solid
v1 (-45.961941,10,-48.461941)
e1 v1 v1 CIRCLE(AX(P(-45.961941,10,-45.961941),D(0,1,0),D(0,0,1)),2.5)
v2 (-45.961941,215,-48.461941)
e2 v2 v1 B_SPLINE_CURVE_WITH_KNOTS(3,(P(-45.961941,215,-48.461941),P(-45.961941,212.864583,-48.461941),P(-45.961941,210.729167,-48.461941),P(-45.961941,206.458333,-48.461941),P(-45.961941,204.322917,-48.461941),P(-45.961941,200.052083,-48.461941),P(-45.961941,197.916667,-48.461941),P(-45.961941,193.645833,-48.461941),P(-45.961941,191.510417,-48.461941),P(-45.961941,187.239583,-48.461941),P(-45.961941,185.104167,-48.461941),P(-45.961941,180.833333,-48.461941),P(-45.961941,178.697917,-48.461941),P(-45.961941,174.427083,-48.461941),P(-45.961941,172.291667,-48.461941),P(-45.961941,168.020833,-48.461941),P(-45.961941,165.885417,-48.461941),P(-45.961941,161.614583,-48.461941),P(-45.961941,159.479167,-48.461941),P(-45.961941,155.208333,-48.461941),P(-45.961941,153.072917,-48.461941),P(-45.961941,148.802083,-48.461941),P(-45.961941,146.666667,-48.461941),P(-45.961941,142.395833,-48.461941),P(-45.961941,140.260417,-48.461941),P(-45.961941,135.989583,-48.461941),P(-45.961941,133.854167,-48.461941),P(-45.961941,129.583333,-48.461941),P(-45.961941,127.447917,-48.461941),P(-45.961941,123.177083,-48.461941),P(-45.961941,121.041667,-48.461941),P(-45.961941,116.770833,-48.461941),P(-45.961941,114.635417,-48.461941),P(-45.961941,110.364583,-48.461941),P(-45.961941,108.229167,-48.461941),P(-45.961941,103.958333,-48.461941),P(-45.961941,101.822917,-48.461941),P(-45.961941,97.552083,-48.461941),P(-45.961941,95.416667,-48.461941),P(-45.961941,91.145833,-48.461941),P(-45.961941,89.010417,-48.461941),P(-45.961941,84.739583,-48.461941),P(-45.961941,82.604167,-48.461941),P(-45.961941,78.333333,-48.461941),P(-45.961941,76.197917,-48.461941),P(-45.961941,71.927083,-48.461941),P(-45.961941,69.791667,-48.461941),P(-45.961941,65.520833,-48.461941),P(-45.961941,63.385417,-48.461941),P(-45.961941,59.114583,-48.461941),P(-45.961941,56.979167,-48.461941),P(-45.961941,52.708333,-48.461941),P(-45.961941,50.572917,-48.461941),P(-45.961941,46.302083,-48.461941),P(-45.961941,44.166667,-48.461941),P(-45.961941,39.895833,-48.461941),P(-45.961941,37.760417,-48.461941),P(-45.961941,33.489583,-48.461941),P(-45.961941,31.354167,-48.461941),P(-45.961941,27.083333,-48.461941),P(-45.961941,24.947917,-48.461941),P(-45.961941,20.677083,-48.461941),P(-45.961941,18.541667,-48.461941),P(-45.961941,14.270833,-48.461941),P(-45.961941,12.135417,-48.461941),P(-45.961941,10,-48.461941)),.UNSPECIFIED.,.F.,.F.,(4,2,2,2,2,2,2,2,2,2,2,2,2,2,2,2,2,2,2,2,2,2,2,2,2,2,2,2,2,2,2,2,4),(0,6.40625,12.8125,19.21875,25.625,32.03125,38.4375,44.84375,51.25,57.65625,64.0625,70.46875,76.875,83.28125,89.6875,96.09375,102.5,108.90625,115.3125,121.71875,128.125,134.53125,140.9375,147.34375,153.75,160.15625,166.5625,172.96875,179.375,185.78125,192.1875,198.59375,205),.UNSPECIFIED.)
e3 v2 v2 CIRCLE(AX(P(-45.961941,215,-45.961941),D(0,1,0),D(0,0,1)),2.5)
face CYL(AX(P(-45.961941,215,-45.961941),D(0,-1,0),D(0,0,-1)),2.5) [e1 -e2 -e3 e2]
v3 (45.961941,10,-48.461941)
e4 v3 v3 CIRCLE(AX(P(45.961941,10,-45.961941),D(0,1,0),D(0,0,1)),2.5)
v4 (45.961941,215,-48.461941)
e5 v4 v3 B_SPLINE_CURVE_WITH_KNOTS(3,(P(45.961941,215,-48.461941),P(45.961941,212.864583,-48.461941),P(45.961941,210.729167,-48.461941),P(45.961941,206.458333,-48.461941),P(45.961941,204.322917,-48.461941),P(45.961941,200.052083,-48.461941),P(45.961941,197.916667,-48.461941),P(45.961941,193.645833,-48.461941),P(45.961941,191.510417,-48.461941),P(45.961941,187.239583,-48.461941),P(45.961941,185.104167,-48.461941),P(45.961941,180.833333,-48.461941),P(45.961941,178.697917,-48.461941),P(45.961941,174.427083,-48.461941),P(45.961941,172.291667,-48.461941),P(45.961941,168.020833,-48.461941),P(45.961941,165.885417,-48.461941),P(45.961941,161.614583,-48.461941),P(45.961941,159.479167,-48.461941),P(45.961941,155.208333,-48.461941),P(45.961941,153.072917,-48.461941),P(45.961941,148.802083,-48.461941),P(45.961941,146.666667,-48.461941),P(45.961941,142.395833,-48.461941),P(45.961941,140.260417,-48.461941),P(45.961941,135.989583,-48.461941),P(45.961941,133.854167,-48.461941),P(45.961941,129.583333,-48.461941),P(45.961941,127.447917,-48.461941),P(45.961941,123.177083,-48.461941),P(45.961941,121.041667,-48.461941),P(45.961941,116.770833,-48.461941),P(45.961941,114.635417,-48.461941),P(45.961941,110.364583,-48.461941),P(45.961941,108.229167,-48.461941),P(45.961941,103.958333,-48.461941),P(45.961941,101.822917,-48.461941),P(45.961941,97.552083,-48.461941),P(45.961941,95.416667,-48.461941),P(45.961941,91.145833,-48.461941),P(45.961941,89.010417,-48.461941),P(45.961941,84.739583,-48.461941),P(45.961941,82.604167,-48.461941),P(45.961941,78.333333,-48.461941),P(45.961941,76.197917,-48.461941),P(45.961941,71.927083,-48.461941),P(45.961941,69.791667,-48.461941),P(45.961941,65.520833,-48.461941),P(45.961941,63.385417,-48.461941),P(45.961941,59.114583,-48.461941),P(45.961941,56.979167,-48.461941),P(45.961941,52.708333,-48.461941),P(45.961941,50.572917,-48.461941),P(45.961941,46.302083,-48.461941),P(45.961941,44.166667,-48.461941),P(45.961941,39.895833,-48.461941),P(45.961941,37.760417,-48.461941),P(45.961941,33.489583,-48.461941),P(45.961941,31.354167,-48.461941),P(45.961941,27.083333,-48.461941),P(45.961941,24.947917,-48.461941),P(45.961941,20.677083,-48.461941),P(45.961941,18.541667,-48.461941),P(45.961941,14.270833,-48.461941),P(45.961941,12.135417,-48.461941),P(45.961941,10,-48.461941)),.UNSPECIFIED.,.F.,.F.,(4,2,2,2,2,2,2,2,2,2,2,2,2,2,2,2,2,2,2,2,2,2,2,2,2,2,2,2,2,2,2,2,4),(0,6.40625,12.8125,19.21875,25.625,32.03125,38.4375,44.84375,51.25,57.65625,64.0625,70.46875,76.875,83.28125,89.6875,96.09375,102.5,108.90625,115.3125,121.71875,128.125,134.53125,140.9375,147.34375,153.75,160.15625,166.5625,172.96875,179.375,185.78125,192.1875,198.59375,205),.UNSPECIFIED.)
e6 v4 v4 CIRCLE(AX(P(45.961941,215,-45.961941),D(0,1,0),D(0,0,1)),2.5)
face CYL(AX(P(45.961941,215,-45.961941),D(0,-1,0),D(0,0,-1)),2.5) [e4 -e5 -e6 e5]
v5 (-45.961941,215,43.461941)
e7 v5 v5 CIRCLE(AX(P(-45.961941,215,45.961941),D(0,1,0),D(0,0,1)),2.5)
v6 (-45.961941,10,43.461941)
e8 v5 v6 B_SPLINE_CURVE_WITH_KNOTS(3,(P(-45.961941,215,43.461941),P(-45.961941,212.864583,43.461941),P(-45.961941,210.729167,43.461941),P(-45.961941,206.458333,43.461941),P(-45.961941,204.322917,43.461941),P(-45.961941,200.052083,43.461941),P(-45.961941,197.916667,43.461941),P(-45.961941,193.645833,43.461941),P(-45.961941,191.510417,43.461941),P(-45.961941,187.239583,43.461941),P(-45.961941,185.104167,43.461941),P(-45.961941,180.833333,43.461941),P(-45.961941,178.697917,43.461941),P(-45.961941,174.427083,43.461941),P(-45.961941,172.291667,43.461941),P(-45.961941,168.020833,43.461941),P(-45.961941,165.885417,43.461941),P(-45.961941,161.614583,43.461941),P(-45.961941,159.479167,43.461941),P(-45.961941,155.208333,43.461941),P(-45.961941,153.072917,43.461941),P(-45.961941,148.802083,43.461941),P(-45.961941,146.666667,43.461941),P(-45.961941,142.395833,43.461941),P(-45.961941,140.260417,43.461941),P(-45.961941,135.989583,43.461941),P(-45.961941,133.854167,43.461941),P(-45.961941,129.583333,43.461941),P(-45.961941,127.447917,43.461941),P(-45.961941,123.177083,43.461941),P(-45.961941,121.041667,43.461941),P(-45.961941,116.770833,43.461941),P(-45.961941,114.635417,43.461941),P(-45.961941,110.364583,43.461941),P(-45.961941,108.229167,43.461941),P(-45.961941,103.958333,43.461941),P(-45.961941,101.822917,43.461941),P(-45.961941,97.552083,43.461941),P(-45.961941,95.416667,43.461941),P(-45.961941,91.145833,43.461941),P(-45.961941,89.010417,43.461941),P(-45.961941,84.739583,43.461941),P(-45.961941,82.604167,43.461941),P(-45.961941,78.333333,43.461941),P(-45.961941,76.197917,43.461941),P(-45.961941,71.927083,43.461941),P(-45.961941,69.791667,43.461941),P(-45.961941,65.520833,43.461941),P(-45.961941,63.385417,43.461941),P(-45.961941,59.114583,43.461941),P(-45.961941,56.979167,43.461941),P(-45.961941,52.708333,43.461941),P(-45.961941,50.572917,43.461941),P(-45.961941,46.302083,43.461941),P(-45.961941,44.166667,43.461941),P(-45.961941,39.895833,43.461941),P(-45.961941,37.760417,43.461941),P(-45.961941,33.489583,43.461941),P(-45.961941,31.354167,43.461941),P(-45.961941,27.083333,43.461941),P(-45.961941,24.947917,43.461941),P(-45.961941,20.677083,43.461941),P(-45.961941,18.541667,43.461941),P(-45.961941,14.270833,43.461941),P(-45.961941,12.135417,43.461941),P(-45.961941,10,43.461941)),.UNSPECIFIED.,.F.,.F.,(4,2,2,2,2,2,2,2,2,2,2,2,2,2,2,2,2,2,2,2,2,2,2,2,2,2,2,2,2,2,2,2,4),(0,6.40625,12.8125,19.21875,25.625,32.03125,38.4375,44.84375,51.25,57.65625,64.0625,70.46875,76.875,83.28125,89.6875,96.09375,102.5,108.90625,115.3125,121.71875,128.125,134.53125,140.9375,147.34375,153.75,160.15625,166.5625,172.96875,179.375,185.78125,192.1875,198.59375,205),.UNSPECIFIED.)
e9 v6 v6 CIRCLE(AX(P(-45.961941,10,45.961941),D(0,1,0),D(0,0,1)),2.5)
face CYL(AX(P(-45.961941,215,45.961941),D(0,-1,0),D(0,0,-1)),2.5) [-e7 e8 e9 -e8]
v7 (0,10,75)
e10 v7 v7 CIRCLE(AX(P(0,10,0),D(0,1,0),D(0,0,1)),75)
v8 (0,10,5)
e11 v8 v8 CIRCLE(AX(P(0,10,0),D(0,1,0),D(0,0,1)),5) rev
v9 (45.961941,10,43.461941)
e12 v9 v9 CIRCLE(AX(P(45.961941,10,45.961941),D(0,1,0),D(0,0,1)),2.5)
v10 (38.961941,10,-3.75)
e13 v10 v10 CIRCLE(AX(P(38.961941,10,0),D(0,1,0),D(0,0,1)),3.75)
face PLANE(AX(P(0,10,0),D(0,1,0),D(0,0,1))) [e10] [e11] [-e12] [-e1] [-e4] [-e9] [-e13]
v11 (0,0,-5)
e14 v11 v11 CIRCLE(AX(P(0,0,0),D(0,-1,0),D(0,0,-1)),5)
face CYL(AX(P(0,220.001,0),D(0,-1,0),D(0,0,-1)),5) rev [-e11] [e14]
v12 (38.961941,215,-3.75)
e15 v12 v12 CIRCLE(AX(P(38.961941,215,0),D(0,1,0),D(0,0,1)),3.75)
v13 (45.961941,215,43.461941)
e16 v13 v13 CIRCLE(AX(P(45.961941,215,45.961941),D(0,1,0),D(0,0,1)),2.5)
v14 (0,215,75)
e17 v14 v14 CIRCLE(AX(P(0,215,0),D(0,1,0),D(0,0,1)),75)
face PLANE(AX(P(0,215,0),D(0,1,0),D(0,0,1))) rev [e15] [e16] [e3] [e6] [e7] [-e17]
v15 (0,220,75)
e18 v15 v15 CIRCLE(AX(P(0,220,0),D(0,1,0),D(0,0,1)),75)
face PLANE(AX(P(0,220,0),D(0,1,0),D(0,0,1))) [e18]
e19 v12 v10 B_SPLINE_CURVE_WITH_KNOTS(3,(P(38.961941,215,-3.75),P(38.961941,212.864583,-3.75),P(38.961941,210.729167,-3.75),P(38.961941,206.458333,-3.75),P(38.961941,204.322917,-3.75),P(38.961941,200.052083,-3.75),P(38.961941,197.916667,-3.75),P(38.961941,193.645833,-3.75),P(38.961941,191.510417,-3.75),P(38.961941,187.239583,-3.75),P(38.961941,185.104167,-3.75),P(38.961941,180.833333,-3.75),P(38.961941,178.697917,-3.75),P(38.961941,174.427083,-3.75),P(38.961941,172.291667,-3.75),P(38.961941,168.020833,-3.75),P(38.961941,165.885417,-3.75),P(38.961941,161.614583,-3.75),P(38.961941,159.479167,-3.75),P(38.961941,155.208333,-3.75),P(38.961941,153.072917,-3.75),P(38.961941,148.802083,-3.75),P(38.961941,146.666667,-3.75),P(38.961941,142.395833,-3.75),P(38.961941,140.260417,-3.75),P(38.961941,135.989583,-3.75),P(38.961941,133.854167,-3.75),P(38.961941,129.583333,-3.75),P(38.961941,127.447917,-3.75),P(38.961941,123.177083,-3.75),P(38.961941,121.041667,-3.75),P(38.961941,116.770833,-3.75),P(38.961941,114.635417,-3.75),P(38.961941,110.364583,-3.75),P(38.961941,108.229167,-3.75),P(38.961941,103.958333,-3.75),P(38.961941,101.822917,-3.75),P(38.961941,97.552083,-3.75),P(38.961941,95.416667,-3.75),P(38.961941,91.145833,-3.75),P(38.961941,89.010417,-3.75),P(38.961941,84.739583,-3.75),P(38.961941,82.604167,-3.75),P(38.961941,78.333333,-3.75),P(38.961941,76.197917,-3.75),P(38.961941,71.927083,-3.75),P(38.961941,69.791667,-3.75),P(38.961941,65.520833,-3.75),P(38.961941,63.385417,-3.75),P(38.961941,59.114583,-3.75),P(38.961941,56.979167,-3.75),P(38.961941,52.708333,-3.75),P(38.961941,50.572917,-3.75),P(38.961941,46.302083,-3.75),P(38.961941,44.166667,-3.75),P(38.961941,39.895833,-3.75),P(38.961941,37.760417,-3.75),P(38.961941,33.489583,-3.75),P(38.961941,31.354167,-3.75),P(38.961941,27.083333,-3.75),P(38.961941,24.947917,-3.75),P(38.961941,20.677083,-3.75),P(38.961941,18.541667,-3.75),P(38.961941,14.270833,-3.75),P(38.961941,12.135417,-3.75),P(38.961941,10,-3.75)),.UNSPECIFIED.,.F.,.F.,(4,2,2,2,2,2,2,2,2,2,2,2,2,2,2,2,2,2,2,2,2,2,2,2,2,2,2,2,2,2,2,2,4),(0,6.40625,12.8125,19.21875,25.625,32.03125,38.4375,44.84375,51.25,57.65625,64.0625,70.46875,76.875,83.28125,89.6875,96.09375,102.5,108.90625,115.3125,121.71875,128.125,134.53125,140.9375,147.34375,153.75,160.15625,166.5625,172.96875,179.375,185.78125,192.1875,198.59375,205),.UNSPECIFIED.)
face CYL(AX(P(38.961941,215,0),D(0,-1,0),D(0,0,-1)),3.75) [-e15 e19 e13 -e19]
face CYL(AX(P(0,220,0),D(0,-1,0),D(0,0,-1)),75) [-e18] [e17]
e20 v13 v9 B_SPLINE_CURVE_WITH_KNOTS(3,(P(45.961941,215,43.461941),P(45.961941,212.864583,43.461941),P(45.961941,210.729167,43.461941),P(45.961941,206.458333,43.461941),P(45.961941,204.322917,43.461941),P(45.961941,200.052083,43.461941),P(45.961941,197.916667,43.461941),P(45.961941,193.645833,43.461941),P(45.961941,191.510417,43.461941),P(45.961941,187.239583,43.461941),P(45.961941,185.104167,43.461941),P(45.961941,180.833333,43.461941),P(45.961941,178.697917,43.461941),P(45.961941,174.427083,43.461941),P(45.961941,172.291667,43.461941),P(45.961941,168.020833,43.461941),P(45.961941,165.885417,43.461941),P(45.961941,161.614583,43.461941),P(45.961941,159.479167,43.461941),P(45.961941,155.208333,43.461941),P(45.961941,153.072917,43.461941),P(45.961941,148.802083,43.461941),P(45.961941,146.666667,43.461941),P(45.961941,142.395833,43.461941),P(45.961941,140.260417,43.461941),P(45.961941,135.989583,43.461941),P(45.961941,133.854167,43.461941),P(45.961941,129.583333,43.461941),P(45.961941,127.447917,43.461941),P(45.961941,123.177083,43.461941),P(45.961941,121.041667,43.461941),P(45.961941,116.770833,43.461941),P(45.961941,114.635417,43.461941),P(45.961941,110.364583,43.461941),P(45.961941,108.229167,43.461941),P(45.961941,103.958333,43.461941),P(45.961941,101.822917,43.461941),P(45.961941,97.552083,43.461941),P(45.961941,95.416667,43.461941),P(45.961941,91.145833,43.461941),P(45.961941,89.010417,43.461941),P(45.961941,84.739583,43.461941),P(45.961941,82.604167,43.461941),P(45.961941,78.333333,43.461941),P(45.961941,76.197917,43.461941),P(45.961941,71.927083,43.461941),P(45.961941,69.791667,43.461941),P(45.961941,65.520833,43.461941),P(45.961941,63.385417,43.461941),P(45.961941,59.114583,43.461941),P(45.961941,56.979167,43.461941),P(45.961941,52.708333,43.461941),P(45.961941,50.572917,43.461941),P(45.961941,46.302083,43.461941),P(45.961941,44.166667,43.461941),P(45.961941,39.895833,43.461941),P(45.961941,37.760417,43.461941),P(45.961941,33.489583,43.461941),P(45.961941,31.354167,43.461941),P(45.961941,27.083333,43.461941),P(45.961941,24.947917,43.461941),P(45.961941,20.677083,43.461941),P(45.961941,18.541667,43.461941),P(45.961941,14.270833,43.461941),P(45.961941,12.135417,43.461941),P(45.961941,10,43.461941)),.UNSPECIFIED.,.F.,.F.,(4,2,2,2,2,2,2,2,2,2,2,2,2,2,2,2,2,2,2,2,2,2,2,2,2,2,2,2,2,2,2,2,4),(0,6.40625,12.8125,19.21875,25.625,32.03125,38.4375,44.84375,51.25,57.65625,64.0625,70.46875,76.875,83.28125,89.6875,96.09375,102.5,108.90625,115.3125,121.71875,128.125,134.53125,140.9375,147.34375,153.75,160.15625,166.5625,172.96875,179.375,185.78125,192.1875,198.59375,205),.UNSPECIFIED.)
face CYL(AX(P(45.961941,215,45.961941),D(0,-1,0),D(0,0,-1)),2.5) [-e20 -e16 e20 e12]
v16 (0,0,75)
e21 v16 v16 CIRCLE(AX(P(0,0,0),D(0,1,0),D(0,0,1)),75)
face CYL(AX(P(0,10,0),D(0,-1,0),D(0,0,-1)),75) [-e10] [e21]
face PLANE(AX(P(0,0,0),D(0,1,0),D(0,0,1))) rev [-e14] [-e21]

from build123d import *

# Parameters (mm, degrees)
SKETCH1_R           = 75
BOSS_EXTRUDE1_DEPTH = 10
SKETCH2_R           = 2.5
SKETCH2_R_2         = 3.75
BOSS_EXTRUDE2_DEPTH = 205
SKETCH3_R           = 75
BOSS_EXTRUDE3_DEPTH = 5
CUT_EXTRUDE1_REACH  = 246.233
SKETCH4_R           = 5


with BuildPart() as part:
    # Sketch1 → Boss-Extrude1 (new body)
    with BuildSketch(Plane(origin=(0, 0, 0), x_dir=(1, 0, 0), z_dir=(0, 1, 0))):
        with Locations(Location((0, 0, 0), (0, 0, 270))):
            Circle(SKETCH1_R)
    extrude(amount=BOSS_EXTRUDE1_DEPTH)

    # Sketch2 → Boss-Extrude2 (add)
    with BuildSketch(Plane(origin=(0, 10, 0), x_dir=(1, 0, 0), z_dir=(0, 1, 0))):
        with Locations(Location((-45.961940777, 45.961940777, 0), (0, 0, 90))):
            Circle(SKETCH2_R)
        with Locations(Location((45.961940777, 45.961940777, 0), (0, 0, 90))):
            Circle(SKETCH2_R)
        with Locations(Location((45.961940777, -45.961940777, 0), (0, 0, 90))):
            Circle(SKETCH2_R)
        with Locations(Location((-45.961940777, -45.961940777, 0), (0, 0, 90))):
            Circle(SKETCH2_R)
        with Locations(Location((38.961940777, 0, 0), (0, 0, 90))):
            Circle(SKETCH2_R_2)
    extrude(amount=BOSS_EXTRUDE2_DEPTH)

    # Sketch3 → Boss-Extrude3 (add)
    with BuildSketch(Plane(origin=(0, 215, 0), x_dir=(1, 0, 0), z_dir=(0, 1, 0))):
        with Locations(Location((0, 0, 0), (0, 0, 270))):
            Circle(SKETCH3_R)
    extrude(amount=BOSS_EXTRUDE3_DEPTH)

    # Sketch4 → Cut-Extrude1 (cut, up to next)
    with BuildSketch(Plane.XZ, mode=Mode.PRIVATE) as cut_extrude1_sk1:
        with Locations(Location((0, 0, 0), (0, 0, 270))):
            Circle(SKETCH4_R)
    cut_extrude1_tool1 = extrude(cut_extrude1_sk1.sketch, amount=-CUT_EXTRUDE1_REACH, mode=Mode.PRIVATE) & part.part
    add(cut_extrude1_tool1.solids().sort_by_distance((0, 0, 0))[0], mode=Mode.SUBTRACT)


solid = part.part
